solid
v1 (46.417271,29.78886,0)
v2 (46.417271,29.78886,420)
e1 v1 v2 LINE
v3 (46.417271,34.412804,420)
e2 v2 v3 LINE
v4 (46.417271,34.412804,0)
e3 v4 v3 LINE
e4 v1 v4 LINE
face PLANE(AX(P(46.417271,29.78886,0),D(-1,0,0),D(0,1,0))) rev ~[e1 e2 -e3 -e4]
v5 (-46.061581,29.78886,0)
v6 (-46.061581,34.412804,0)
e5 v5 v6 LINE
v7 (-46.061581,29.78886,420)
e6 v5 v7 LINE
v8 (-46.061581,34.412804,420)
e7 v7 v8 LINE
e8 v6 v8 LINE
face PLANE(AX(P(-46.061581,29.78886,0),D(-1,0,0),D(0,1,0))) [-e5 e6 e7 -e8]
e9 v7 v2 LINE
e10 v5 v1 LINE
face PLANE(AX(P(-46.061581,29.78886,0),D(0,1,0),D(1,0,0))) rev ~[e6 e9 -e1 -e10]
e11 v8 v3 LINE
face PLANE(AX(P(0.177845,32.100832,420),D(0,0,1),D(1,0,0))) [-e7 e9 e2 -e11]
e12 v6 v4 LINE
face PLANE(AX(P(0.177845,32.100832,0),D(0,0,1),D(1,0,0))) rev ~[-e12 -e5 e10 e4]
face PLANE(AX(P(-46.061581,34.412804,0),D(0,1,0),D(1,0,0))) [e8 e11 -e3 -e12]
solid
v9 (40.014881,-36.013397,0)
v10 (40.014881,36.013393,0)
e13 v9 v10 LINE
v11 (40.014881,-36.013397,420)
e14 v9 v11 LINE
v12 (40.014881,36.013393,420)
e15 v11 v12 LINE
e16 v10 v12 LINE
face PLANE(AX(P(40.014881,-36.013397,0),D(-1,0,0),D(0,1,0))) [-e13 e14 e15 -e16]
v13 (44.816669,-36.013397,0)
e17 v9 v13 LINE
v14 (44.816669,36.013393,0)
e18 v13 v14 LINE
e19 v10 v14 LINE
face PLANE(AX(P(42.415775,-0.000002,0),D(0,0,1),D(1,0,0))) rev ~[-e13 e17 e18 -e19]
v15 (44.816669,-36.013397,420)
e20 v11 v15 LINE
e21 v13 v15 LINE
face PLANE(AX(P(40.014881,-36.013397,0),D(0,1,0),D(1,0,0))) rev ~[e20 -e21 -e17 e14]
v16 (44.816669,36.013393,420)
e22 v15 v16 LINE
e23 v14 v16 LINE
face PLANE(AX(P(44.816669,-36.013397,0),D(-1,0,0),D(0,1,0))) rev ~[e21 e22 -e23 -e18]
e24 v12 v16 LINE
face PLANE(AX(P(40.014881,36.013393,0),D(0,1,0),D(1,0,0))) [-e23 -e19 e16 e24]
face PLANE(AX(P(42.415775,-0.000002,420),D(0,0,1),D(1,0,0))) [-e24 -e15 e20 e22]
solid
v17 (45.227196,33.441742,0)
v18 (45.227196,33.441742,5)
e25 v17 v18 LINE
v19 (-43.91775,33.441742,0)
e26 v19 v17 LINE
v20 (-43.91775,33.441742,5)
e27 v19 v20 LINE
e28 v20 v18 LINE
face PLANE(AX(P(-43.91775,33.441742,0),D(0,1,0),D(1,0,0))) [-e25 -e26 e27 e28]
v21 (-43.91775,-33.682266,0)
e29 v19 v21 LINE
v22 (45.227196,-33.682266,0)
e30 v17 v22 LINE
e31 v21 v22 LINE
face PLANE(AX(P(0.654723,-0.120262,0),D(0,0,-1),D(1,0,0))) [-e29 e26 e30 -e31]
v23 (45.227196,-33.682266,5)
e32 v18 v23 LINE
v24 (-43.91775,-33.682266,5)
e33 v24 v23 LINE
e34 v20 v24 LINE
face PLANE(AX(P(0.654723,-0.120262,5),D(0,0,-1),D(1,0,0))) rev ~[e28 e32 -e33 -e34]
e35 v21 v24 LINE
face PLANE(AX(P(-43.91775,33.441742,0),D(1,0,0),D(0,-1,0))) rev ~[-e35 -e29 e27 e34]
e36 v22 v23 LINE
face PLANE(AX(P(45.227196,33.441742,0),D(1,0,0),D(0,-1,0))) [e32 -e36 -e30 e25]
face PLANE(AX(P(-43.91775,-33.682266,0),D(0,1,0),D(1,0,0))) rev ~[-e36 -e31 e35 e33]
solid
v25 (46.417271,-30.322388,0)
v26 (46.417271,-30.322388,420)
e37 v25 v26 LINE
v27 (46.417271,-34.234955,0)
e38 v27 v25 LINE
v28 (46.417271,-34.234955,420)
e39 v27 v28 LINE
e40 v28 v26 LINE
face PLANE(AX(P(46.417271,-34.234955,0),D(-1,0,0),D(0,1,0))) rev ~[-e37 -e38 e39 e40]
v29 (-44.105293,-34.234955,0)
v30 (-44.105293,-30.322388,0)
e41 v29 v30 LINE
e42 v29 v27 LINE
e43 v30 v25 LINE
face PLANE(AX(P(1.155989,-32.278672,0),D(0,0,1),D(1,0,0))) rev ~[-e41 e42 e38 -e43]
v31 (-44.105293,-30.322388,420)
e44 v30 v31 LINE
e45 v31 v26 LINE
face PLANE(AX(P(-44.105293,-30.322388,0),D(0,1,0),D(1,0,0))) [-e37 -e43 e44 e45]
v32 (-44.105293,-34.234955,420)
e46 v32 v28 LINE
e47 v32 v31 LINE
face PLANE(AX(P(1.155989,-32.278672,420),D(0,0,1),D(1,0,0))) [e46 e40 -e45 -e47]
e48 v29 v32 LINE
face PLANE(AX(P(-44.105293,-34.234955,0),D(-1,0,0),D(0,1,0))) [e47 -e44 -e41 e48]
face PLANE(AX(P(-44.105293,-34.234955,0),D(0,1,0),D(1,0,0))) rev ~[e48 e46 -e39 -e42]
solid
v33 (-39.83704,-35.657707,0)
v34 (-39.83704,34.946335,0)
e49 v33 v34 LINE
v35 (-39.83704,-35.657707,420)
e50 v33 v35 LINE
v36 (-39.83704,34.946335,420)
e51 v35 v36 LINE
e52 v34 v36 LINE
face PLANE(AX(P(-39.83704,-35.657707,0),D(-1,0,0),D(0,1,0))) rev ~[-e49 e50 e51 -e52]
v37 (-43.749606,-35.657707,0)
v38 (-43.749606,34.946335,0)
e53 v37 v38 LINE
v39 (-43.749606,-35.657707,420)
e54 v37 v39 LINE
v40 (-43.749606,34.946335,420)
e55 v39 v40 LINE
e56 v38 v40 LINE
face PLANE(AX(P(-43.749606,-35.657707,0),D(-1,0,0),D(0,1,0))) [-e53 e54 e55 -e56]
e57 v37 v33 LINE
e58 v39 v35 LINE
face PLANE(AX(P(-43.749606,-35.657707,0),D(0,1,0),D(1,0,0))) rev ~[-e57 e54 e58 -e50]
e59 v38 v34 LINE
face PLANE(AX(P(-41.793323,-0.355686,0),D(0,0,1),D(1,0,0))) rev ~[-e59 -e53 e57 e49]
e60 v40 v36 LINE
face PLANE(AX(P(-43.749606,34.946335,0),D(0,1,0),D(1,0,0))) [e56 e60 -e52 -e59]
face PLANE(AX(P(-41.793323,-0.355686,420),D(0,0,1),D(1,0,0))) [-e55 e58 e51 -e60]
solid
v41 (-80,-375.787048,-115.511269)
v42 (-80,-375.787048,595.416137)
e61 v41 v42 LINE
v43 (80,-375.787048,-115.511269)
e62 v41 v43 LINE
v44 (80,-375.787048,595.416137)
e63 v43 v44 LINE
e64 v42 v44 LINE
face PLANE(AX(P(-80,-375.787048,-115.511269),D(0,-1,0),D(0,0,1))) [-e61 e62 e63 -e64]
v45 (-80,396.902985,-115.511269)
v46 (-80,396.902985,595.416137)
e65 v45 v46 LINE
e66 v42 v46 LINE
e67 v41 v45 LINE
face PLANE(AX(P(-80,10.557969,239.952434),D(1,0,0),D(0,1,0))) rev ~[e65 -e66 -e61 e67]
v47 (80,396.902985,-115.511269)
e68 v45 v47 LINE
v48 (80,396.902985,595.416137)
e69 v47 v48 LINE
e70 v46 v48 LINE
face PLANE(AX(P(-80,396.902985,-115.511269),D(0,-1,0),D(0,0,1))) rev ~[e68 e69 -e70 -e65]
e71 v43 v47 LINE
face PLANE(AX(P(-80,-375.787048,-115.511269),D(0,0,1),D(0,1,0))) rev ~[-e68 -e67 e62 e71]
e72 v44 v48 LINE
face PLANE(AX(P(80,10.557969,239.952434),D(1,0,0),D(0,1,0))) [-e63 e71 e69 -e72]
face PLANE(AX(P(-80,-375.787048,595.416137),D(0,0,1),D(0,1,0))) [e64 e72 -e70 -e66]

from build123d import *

# Parameters (mm, degrees)
SKETCH001_W      = 3.912567
SKETCH001_H      = 70.604042
EXTRUDE_DEPTH    = 420
SKETCH002_W      = 90.522564
SKETCH002_H      = 3.912567
EXTRUDE001_DEPTH = 420
SKETCH003_W      = 4.801788
SKETCH003_H      = 72.02679
EXTRUDE002_DEPTH = 420
SKETCH004_W      = 92.478852
SKETCH004_H      = 4.623944
EXTRUDE003_DEPTH = 420
SKETCH005_W      = 89.144947
SKETCH005_H      = 67.124008
EXTRUDE004_DEPTH = 5
SKETCH006_W      = 772.690033
SKETCH006_H      = 710.927407
EXTRUDE005_DEPTH = 160


with BuildPart() as extrude_body:
    # Sketch001 (on Sketch) → Extrude (new body)
    with BuildSketch(Plane.XY):
        with Locations((-41.793323, -0.355686)):
            Rectangle(SKETCH001_W, SKETCH001_H)
    extrude(amount=EXTRUDE_DEPTH)


with BuildPart() as extrude001:
    # Sketch002 (on Sketch) → Extrude001 (new body)
    with BuildSketch(Plane.XY):
        with Locations((1.155989, -32.278672)):
            Rectangle(SKETCH002_W, SKETCH002_H)
    extrude(amount=EXTRUDE001_DEPTH)


with BuildPart() as extrude002:
    # Sketch003 (on Sketch) → Extrude002 (new body)
    with BuildSketch(Plane.XY):
        with Locations((42.415775, -2e-06)):
            Rectangle(SKETCH003_W, SKETCH003_H)
    extrude(amount=EXTRUDE002_DEPTH)


with BuildPart() as extrude003:
    # Sketch004 (on Sketch) → Extrude003 (new body)
    with BuildSketch(Plane.XY):
        with Locations((0.177845, 32.100832)):
            Rectangle(SKETCH004_W, SKETCH004_H)
    extrude(amount=EXTRUDE003_DEPTH)


with BuildPart() as excitation:
    # Sketch005 (on Face5 of Extrude003) → Extrude004 (new body)
    with BuildSketch(Plane(origin=(0, 0, 0), x_dir=(1, 0, 0), z_dir=(0, 0, -1))):
        with Locations((0.654723, 0.120262)):
            Rectangle(SKETCH005_W, SKETCH005_H)
    extrude(amount=-EXTRUDE004_DEPTH)


with BuildPart() as simbox:
    # Sketch006 → Extrude005 (new body)
    with BuildSketch(Plane.YZ.offset(-80)):
        with Locations((10.557969, 239.952434)):
            Rectangle(SKETCH006_W, SKETCH006_H)
    extrude(amount=EXTRUDE005_DEPTH)


solid = Compound([extrude_body.part, extrude001.part, extrude002.part, extrude003.part, excitation.part, simbox.part])
